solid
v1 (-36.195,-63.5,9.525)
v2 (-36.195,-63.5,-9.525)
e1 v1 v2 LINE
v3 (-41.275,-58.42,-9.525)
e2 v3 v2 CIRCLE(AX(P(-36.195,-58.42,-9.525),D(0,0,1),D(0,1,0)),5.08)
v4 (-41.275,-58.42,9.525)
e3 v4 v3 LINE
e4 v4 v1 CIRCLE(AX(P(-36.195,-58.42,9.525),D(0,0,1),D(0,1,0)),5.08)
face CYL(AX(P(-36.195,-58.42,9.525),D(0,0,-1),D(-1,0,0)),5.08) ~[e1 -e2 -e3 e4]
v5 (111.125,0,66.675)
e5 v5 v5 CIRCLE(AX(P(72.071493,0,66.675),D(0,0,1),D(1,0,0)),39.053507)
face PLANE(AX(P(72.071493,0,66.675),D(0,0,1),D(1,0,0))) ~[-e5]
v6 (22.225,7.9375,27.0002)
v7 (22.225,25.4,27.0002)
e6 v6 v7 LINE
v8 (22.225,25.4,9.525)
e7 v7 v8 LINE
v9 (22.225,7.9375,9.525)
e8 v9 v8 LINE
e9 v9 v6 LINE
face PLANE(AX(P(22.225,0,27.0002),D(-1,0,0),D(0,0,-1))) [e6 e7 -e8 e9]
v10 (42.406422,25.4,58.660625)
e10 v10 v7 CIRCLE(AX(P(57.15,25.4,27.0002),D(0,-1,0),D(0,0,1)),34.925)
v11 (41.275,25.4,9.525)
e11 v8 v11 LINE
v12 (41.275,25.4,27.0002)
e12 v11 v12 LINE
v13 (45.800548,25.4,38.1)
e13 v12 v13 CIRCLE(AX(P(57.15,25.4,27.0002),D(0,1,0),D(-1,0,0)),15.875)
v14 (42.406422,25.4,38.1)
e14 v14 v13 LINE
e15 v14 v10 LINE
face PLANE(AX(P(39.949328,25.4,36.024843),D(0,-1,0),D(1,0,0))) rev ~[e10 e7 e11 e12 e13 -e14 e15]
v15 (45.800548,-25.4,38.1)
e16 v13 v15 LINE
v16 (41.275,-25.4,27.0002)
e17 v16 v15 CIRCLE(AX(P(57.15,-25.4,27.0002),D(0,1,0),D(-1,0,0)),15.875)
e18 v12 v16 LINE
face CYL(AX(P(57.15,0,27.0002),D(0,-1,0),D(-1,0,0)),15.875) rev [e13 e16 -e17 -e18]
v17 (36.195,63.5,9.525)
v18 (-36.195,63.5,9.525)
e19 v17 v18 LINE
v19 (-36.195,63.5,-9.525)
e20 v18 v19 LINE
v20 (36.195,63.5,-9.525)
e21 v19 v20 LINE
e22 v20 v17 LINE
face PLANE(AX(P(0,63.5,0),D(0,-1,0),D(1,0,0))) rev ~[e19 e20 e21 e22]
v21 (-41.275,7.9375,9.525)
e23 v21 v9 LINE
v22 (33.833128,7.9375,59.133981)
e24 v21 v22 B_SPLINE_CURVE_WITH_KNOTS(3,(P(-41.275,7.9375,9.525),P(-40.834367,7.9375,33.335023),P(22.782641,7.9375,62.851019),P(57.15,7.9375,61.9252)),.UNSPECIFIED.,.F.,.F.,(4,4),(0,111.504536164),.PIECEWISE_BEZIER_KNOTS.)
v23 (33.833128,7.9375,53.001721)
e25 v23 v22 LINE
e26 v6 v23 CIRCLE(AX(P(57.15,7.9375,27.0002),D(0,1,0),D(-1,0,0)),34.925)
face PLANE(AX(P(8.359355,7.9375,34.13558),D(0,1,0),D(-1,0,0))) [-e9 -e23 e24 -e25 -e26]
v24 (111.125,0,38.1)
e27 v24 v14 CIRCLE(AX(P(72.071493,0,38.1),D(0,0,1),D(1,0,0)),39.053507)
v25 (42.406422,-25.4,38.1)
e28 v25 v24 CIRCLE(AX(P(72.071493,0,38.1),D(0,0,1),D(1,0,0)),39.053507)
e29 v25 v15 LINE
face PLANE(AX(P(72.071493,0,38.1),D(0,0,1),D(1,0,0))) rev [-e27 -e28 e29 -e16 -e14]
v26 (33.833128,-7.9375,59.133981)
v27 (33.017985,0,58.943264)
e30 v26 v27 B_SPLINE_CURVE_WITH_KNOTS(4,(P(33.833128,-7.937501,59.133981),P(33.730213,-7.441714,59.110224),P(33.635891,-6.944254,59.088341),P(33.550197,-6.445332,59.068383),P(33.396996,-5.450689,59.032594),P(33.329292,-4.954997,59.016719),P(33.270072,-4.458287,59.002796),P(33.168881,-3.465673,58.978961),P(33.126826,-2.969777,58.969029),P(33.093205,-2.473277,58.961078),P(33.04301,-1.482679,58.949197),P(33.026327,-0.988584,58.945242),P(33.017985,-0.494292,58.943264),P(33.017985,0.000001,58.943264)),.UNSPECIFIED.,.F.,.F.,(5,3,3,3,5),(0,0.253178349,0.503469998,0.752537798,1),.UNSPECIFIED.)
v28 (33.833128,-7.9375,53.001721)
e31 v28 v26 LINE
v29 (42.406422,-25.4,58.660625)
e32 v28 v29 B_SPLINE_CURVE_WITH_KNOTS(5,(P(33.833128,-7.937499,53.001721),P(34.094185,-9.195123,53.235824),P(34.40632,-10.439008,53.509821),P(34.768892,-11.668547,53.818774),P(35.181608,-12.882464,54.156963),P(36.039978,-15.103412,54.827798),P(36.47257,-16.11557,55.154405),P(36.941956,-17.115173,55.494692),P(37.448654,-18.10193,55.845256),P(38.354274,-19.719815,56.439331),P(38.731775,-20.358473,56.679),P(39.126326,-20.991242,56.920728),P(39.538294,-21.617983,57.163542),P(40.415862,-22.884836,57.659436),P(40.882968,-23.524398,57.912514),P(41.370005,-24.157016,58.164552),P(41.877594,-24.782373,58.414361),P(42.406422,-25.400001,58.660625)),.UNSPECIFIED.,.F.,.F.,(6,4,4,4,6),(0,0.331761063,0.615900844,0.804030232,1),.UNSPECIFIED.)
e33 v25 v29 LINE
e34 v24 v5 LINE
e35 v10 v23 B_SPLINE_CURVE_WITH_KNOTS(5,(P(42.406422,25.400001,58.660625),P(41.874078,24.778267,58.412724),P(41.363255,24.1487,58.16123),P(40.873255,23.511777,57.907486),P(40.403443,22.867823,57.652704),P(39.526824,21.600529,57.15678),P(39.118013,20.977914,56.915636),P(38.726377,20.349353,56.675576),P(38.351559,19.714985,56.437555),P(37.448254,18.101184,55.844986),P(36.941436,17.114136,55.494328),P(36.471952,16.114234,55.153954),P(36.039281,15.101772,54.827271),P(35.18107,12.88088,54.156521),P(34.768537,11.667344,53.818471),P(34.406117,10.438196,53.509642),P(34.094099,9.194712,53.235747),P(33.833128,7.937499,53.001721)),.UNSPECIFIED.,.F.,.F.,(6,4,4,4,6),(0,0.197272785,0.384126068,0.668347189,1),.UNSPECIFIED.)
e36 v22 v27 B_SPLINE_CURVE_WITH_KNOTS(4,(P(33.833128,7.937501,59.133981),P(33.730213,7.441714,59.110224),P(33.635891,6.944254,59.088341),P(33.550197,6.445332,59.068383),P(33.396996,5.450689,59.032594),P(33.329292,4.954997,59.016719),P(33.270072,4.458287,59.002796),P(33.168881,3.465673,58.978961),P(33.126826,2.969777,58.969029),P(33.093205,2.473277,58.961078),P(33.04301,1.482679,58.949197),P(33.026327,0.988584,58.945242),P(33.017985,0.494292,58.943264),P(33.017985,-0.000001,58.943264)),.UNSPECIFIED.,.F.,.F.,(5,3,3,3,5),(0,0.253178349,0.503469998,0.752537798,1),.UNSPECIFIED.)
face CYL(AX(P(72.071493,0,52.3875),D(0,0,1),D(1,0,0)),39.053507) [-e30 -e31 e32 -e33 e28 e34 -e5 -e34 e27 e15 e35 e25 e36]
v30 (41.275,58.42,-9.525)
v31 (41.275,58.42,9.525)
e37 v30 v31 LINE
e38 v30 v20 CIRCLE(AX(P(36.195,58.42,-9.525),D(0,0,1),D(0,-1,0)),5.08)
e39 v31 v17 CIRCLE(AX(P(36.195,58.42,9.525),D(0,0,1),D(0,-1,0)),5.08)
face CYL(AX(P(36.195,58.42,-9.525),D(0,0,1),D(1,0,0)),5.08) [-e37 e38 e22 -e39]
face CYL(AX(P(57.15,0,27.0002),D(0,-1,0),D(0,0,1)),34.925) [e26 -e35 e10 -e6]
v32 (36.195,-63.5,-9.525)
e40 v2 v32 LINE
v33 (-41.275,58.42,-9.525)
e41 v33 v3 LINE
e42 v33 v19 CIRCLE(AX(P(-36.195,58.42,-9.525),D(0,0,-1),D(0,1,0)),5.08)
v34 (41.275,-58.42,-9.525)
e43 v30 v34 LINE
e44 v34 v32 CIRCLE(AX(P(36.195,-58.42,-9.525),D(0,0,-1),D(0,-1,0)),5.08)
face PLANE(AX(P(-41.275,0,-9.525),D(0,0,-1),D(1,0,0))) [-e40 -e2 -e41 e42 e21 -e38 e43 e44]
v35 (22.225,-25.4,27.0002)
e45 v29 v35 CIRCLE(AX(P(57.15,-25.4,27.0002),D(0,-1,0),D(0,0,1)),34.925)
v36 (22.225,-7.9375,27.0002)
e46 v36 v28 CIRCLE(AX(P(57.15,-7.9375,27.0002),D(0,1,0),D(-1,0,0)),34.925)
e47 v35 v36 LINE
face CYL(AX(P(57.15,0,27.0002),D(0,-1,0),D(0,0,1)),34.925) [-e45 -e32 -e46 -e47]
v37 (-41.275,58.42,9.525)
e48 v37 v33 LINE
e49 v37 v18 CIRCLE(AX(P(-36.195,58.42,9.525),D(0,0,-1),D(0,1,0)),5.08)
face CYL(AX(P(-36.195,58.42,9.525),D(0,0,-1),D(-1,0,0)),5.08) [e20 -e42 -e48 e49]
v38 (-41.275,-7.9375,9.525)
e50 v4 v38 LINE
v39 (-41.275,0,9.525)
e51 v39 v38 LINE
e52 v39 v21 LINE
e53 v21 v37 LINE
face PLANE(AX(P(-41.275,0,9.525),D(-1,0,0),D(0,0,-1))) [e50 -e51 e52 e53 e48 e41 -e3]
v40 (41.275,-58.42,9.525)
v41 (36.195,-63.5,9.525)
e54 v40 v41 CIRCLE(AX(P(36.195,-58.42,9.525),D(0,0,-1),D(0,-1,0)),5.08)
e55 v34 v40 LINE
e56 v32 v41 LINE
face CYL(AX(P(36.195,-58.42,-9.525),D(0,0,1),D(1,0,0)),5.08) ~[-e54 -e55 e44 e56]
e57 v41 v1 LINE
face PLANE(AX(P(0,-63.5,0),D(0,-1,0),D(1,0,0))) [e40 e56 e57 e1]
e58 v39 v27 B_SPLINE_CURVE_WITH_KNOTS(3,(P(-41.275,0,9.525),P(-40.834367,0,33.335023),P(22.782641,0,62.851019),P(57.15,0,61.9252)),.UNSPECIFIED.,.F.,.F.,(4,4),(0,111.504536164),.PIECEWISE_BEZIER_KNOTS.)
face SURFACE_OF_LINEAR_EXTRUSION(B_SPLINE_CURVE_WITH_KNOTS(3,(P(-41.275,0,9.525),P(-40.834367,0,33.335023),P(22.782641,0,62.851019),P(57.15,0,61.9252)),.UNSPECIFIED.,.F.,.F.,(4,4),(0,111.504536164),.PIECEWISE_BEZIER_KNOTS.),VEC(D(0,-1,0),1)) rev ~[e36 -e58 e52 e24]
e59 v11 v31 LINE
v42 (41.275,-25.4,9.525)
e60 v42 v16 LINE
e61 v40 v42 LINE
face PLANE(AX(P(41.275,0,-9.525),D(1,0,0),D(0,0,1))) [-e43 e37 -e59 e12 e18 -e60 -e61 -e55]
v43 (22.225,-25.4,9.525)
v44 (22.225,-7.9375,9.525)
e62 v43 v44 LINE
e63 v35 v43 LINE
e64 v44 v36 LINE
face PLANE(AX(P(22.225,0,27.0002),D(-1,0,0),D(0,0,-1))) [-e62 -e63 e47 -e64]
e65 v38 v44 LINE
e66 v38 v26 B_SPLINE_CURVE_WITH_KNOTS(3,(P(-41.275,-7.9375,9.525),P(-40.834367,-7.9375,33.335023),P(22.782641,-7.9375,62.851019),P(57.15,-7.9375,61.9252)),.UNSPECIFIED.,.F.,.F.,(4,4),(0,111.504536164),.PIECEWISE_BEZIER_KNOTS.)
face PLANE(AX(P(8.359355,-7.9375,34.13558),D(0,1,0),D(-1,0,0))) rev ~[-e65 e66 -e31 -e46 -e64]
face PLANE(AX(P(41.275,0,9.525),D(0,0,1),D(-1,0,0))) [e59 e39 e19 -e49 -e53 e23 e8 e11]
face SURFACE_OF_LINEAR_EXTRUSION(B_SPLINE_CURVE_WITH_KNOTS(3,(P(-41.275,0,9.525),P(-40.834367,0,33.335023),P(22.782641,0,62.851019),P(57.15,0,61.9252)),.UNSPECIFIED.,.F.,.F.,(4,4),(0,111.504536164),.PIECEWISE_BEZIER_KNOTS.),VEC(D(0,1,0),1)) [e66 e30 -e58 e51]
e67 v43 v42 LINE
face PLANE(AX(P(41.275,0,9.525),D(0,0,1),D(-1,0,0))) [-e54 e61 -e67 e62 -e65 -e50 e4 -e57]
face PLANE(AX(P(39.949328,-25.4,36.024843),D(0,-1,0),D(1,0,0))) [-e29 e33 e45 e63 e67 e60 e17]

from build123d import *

# Parameters (mm, degrees)
F1_DEPTH = 63.5
F2_DEPTH = 25.4
F3_DEPTH = 7.9375
F0_W     = 39.053507328
F0_H     = 28.575
F5_R     = 5.08


with BuildPart() as f1:
    # F0 (on Front) → F1 (new body, symmetric)
    with BuildSketch(Plane.XZ):
        Polygon((-41.275, 9.525), (-41.275, -9.525), (41.275, -9.525), (41.275, 9.525), (22.225, 9.525), align=None)
    extrude(amount=F1_DEPTH, both=True)

    # F0 (on Front) → F2 (join, symmetric)
    with BuildSketch(Plane.XZ):
        with BuildLine():
            Line((22.225, 9.525), (41.275, 9.525))
            Line((41.275, 9.525), (41.275, 27.0002))
            ThreePointArc((41.275, 27.0002), (45.9246798487, 38.2255201513), (57.15, 42.8752))
            Line((57.15, 42.8752), (60.325, 42.8752))
            Line((60.325, 42.8752), (60.325, 61.9252))
            Line((60.325, 61.9252), (57.15, 61.9252))
            ThreePointArc((57.15, 61.9252), (32.4542956671, 51.6959043329), (22.225, 27.0002))
            Line((22.225, 27.0002), (22.225, 9.525))
        make_face()
        Polygon((60.325, 66.675), (60.325, 61.9252), (60.325, 42.8752), (60.325, 38.1), (72.071492672, 38.1), (72.071492672, 66.675), align=None)
    extrude(amount=F2_DEPTH, both=True)

    # F0 (on Front) → F3 (join, symmetric)
    with BuildSketch(Plane.XZ):
        with BuildLine():
            add(Edge.make_bspline(
                [(-41.275, 9.525), (-40.8343672752, 33.3350226283), (22.7826405317, 62.8510192037), (57.15, 61.9252)],
                knots=[0, 0, 0, 0, 111.5045361635, 111.5045361635, 111.5045361635, 111.5045361635], degree=3))
            Line((-41.275, 9.525), (22.225, 9.525))
            Line((22.225, 9.525), (22.225, 27.0002))
            ThreePointArc((22.225, 27.0002), (32.4542956671, 51.6959043329), (57.15, 61.9252))
        make_face()
    extrude(amount=F3_DEPTH, both=True)

    # F0 (on Front) → F4 (revolve)
    with BuildSketch(Plane.XZ):
        with Locations((91.598246336, 52.3875)):
            Rectangle(F0_W, F0_H)
    revolve(axis=Axis((72.071492672, 0, 52.3875), (0, 0, 1)))

    # F5
    f5_edges = [f1.edges().sort_by_distance(p)[0] for p in [
        (41.275, -63.5, 0),
        (41.275, 63.5, 0),
        (-41.275, 63.5, 0),
        (-41.275, -63.5, 0),
    ]]
    fillet(f5_edges, radius=F5_R)


solid = f1.part
